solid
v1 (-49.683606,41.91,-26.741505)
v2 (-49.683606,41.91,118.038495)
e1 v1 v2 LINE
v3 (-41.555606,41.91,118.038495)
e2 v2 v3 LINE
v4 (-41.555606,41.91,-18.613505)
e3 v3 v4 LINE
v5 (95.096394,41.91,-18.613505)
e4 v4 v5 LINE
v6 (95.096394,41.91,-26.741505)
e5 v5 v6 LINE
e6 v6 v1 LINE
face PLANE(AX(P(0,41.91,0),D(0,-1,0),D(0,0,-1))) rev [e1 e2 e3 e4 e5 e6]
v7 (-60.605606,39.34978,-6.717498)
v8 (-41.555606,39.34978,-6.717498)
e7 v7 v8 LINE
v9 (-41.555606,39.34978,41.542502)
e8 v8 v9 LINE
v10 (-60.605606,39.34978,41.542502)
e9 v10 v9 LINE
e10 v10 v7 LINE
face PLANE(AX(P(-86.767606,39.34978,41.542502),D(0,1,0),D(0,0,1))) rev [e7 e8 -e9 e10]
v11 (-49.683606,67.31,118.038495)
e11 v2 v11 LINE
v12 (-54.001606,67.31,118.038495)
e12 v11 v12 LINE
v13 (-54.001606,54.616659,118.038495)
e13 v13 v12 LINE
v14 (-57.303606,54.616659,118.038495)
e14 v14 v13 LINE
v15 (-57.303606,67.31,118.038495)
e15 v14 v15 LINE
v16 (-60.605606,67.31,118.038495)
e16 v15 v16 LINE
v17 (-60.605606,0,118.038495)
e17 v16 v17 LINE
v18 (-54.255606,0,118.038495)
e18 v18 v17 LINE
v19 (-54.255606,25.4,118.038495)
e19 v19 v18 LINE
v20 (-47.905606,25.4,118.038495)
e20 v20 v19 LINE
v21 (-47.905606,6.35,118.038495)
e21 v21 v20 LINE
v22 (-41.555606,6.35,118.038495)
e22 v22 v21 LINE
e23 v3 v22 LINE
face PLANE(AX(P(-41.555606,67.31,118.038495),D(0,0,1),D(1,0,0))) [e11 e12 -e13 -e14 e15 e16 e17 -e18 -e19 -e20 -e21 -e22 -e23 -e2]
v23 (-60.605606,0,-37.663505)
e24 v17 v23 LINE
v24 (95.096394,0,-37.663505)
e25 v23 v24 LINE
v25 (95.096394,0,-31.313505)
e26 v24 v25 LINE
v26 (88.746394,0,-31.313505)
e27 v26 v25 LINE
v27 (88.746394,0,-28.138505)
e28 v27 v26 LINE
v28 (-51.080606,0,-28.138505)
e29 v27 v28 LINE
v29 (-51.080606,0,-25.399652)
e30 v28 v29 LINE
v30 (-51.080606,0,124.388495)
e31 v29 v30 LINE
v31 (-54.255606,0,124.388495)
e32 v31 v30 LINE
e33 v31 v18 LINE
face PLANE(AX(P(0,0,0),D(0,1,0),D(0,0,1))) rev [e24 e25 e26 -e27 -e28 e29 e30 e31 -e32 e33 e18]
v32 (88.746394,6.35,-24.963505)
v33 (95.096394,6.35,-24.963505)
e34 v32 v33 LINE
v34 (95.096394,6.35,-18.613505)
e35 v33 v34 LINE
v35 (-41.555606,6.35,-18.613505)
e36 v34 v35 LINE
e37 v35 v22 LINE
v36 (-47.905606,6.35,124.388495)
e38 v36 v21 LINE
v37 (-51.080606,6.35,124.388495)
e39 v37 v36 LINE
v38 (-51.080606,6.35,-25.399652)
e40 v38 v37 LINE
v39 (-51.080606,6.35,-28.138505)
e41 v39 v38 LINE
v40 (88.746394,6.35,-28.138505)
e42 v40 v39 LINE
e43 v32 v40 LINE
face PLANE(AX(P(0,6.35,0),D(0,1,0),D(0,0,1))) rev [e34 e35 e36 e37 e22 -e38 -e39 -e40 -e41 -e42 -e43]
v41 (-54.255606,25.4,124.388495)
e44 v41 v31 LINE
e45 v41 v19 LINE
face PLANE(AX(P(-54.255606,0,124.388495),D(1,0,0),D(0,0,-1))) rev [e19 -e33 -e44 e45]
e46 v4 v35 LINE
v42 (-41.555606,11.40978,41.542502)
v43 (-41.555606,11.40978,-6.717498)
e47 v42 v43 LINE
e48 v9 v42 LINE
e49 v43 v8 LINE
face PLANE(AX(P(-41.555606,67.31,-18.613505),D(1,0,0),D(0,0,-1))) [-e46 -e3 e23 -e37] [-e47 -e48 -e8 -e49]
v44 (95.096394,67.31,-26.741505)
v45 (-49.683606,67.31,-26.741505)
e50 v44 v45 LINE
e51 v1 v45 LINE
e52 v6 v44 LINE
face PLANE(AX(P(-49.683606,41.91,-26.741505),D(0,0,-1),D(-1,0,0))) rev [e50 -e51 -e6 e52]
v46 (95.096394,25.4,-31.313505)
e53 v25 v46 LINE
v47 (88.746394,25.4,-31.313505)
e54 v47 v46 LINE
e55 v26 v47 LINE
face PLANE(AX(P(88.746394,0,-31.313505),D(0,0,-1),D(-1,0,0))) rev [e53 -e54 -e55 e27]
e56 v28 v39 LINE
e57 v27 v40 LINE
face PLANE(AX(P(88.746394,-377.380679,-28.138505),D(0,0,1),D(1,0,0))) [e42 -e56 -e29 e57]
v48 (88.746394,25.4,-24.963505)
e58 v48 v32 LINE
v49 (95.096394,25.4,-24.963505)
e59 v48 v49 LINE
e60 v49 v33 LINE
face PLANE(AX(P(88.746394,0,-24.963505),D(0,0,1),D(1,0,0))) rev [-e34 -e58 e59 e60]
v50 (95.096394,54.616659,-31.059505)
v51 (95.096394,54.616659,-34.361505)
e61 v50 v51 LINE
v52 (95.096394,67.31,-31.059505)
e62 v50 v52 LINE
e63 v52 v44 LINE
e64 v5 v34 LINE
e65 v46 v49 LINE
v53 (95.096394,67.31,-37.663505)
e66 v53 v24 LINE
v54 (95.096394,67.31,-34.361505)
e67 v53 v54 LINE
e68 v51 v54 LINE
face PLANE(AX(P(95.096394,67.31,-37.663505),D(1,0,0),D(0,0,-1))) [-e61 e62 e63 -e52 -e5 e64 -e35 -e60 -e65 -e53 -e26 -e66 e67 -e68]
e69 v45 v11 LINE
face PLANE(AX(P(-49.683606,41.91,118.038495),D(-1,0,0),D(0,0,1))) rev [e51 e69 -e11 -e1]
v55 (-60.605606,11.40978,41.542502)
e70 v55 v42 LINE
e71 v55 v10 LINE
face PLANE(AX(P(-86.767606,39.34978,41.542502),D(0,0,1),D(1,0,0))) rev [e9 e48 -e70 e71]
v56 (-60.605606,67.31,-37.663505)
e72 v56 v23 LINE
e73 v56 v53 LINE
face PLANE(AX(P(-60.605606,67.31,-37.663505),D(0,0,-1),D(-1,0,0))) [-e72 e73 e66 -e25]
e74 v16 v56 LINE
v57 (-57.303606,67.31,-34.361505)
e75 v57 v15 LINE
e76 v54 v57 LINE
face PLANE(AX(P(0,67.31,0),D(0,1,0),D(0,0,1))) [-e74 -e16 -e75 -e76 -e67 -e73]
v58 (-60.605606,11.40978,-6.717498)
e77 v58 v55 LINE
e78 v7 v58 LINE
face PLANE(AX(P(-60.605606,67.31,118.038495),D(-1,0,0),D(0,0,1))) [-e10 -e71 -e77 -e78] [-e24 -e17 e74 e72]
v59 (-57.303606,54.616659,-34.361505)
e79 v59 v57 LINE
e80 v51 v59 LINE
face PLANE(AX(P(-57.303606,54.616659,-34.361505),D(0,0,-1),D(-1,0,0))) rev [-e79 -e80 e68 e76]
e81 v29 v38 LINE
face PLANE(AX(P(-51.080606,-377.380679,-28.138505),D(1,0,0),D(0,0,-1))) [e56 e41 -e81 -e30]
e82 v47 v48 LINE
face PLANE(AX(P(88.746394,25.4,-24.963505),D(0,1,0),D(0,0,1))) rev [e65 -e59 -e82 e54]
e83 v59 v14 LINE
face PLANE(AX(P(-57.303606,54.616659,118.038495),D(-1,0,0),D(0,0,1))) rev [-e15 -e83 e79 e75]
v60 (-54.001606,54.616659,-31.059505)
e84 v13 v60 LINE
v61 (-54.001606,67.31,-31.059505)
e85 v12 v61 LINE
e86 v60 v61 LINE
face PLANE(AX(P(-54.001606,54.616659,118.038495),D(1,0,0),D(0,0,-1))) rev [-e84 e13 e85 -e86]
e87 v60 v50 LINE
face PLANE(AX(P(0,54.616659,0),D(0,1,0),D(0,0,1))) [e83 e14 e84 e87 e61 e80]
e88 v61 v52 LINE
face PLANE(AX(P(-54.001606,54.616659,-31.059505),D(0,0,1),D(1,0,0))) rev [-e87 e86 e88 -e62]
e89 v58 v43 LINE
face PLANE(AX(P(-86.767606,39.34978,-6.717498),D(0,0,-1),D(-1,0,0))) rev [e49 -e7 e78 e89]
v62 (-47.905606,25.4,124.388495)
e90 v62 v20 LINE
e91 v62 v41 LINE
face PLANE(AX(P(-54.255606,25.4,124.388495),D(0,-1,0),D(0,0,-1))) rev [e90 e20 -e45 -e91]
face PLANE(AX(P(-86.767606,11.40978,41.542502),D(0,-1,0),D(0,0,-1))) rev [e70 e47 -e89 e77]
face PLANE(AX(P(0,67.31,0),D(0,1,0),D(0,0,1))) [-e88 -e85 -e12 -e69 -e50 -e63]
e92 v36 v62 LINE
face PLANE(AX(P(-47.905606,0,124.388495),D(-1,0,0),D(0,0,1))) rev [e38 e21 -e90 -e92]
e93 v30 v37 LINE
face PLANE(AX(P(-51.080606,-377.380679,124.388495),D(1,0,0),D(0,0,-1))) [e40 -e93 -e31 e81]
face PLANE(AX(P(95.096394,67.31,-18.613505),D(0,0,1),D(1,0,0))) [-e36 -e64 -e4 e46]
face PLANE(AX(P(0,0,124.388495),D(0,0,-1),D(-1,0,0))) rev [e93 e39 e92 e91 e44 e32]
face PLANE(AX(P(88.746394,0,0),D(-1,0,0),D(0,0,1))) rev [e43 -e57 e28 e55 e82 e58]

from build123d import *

# Parameters (mm, degrees)
BOSS_EXTRUDE5_DEPTH     = 67.31
CUT_EXTRUDE2_DEPTH      = 12.693340834
CUT_EXTRUDE3_DEPTH      = 25.4
SKETCH11_W              = 6.35
SKETCH11_H              = 25.4
BOSS_EXTRUDE6_DEPTH     = 6.35
SKETCH12_W              = 6.35
SKETCH12_H              = 25.4
CUT_EXTRUDE4_DEPTH      = 6.35
CUT_EXTRUDE5_DEPTH      = 171.430214526
CUT_EXTRUDE5_DEPTH_BACK = 6.35
SKETCH15_W              = 48.26
SKETCH15_H              = 27.94
CUT_EXTRUDE6_DEPTH      = 45.212


with BuildPart() as part:
    # Sketch1 → Boss-Extrude5 (new body)
    with BuildSketch(Plane(origin=(0, 0, 0), x_dir=(1, 0, 0), z_dir=(0, 1, 0))):
        Polygon((-60.605605599, 37.663504972), (95.096394401, 37.663504972), (95.096394401, 18.613504972), (-41.555605599, 18.613504972), (-41.555605599, -118.038495028), (-60.605605599, -118.038495028), align=None)
    extrude(amount=BOSS_EXTRUDE5_DEPTH)

    # Sketch8 → Cut-Extrude2 (cut)
    with BuildSketch(Plane(origin=(0, 67.31, 0), x_dir=(1, 0, 0), z_dir=(0, 1, 0))):
        Polygon((-57.303605599, -118.038495028), (-57.303605599, 34.361504972), (95.096394401, 34.361504972), (95.096394401, 31.059504972), (-54.001605599, 31.059504972), (-54.001605599, -118.038495028), align=None)
    extrude(amount=-CUT_EXTRUDE2_DEPTH, mode=Mode.SUBTRACT)

    # Sketch9 → Cut-Extrude3 (cut)
    with BuildSketch(Plane(origin=(0, 67.31, 0), x_dir=(1, 0, 0), z_dir=(0, 1, 0))):
        Polygon((-49.683605599, -118.038495028), (-49.683605599, 26.741504972), (95.096394401, 26.741504972), (95.096394401, 18.613504972), (-41.555605599, 18.613504972), (-41.555605599, -118.038495028), align=None)
    extrude(amount=-CUT_EXTRUDE3_DEPTH, mode=Mode.SUBTRACT)

    # Sketch11 → Boss-Extrude6 (add)
    with BuildSketch(Plane.XY.offset(118.038495028)):
        with Locations((-51.080605599, 12.7)):
            Rectangle(SKETCH11_W, SKETCH11_H)
    extrude(amount=BOSS_EXTRUDE6_DEPTH)

    # Sketch12 → Cut-Extrude4 (cut)
    with BuildSketch(Plane(origin=(95.096394401, 0, 0), x_dir=(0, 0, -1), z_dir=(1, 0, 0))):
        with Locations((28.138504972, 12.7)):
            Rectangle(SKETCH12_W, SKETCH12_H)
    extrude(amount=-CUT_EXTRUDE4_DEPTH, mode=Mode.SUBTRACT)

    # Sketch13 → Cut-Extrude5 (cut, two sides: drawn at the far end of the back side and taken through both)
    with BuildSketch(Plane.XZ.offset(-CUT_EXTRUDE5_DEPTH_BACK)):
        Polygon((-51.080605599, 570.867892173), (-51.080605599, 124.388495028), (-51.080605599, -25.399651713), (-51.080605599, -28.138504972), (88.746394401, -28.138504972), (535.225791546, -28.138504972), (1173.371683532, 596.477560176), (587.065286387, 1195.483957321), align=None)
    extrude(amount=CUT_EXTRUDE5_DEPTH + CUT_EXTRUDE5_DEPTH_BACK, mode=Mode.SUBTRACT)

    # Sketch15 → Cut-Extrude6 (cut)
    with BuildSketch(Plane(origin=(-41.555605599, 0, 0), x_dir=(0, 0, -1), z_dir=(1, 0, 0))):
        with Locations((-17.412502411, 25.379779706)):
            Rectangle(SKETCH15_W, SKETCH15_H)
    extrude(amount=-CUT_EXTRUDE6_DEPTH, mode=Mode.SUBTRACT)


solid = part.part
